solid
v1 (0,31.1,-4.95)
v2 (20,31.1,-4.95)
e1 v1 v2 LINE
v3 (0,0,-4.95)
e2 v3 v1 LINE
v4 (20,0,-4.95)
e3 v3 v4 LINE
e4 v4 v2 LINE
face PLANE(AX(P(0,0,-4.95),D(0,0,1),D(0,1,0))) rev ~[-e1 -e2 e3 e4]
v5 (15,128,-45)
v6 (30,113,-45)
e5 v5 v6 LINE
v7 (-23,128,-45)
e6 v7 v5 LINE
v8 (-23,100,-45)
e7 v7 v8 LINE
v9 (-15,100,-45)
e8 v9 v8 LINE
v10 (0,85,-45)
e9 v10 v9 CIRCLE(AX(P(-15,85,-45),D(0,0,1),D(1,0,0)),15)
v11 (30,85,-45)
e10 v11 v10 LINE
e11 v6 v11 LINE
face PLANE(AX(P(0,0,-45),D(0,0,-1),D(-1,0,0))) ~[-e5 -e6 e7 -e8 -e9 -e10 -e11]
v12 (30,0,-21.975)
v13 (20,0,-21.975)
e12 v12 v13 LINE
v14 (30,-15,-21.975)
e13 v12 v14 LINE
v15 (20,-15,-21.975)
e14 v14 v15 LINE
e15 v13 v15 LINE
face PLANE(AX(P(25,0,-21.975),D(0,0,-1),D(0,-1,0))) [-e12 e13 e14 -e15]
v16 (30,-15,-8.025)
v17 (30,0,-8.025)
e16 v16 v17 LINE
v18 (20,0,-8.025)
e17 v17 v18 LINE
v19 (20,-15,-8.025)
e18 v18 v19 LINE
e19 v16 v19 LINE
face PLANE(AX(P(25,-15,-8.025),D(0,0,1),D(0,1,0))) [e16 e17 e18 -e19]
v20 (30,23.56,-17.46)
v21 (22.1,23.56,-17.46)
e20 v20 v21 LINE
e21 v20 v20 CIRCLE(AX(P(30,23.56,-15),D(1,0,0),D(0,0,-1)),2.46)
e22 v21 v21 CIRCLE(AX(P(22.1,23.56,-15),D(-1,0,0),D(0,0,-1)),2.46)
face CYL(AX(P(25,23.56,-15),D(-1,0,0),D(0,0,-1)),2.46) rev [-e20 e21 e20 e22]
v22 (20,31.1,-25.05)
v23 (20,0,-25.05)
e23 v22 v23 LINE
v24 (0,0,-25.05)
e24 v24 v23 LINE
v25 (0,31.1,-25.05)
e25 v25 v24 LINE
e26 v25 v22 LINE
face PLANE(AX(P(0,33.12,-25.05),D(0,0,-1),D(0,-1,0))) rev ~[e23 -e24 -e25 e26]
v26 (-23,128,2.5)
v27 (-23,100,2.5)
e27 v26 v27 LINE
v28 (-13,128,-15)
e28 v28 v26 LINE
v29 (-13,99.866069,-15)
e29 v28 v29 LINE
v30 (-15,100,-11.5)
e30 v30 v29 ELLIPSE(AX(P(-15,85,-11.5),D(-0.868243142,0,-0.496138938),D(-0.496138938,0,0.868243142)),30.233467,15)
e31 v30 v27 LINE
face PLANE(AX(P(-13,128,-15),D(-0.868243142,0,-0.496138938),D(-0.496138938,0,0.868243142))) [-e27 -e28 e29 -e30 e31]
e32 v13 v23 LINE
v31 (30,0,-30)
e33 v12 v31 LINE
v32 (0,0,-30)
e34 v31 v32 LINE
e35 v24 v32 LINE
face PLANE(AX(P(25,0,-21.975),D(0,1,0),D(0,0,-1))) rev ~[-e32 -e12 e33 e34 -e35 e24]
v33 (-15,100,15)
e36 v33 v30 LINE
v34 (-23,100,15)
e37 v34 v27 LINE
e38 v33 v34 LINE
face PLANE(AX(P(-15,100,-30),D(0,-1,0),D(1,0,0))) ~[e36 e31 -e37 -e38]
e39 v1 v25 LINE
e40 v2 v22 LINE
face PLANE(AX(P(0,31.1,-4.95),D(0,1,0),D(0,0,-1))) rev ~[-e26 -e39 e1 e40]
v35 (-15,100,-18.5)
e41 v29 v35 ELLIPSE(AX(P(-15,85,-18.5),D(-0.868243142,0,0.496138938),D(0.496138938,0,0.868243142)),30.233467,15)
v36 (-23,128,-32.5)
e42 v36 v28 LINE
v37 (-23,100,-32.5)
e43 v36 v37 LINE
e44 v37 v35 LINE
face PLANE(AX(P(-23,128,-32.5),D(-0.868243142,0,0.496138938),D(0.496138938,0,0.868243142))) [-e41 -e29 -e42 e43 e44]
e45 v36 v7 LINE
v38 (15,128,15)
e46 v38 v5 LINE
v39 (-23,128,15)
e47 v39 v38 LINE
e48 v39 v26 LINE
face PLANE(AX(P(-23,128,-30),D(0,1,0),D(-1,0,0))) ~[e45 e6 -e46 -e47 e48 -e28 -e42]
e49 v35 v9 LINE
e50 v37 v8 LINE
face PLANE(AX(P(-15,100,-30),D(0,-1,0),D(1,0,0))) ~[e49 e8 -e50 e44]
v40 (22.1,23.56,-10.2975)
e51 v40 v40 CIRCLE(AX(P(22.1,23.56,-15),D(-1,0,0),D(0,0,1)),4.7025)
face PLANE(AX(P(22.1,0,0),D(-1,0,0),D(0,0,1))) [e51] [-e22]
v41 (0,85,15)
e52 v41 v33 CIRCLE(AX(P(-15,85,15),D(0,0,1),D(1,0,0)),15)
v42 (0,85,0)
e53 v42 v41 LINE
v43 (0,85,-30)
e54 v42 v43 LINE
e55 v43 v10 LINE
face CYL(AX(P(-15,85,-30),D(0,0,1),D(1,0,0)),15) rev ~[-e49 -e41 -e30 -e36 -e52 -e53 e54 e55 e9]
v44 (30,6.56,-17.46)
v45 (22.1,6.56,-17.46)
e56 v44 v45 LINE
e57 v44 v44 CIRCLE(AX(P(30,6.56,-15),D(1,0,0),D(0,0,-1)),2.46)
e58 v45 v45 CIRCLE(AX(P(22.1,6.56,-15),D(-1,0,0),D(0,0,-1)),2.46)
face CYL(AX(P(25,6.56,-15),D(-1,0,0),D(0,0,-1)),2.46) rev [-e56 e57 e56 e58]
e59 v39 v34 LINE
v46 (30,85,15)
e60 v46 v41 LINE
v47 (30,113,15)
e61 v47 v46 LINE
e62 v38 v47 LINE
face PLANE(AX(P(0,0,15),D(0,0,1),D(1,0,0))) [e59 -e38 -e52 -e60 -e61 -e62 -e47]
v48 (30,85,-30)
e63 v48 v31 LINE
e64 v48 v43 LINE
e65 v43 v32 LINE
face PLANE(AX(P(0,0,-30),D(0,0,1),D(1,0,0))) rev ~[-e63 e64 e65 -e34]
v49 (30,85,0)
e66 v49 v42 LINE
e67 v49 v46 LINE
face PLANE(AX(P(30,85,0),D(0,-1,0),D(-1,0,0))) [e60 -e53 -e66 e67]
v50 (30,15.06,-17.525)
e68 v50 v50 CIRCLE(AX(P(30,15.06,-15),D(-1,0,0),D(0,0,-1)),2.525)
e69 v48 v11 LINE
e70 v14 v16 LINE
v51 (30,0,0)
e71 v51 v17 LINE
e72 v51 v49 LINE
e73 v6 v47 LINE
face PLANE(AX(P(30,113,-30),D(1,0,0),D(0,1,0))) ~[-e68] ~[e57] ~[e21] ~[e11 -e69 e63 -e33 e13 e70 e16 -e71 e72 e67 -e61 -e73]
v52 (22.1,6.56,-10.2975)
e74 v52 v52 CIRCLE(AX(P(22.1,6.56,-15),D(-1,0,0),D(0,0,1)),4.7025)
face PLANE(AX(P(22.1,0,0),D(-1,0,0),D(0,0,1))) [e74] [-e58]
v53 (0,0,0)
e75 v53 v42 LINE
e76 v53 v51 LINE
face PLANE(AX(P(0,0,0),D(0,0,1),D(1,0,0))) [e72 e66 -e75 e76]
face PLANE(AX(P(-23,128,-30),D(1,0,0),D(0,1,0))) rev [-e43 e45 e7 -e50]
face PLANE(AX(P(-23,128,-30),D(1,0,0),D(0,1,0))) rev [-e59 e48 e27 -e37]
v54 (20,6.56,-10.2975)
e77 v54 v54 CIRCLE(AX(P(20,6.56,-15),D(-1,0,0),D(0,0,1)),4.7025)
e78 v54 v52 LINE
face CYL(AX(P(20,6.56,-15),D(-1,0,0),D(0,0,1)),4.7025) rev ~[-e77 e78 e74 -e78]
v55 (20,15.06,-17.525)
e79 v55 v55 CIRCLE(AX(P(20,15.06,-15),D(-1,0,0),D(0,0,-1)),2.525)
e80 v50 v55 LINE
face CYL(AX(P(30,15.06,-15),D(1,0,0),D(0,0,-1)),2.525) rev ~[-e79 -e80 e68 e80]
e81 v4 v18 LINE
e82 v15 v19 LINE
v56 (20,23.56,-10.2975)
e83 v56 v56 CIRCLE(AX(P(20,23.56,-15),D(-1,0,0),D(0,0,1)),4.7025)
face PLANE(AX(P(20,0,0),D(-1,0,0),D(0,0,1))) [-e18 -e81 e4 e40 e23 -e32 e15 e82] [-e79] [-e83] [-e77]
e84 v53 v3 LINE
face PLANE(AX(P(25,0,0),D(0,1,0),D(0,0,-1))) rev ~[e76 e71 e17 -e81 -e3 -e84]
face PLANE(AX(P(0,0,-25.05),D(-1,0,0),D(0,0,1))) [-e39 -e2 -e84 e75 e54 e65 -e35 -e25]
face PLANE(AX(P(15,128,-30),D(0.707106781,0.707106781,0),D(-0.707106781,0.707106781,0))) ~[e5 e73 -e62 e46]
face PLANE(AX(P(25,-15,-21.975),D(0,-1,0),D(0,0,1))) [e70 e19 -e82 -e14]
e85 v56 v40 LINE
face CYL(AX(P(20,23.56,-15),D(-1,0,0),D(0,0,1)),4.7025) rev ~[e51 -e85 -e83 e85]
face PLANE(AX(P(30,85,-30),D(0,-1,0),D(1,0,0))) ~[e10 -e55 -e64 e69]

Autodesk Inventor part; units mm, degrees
ref_plane "YZ Plane" through (0, 0, 0) normal (1, 0, 0) x (0, 1, 0)
ref_plane "XZ Plane" through (0, 0, 0) normal (0, 1, 0) x (-1, 0, 0)
sketch "Sketch1" plane through (0, 0, 0) normal (0, 0, 1) x (1, 0, 0)
  line L0 (0, 0) -> (25, 0)
  line L1 (25, 0) -> (25, 40)
  line L2 (25, 40) -> (0, 40)
  line L3 (0, 40) -> (0, 0)
  dimension "d1" = 25
  dimension "d2" = 40
  dimension "d3" = 25
extrude "Extrusion1" add sketch "Sketch1" against normal blind 30
sketch "Sketch2" plane through (25, 0, 0) normal (1, 0, 0) x (0, 0, -1)
  line L0 (0, 0) -> (30, 0) projected
  circle A0 centre (15, 6.56) radius 2.46
extrude "Extrusion2" cut sketch "Sketch2" against normal blind 30
sketch "Sketch3" plane through (0, 0, 0) normal (-1, 0, 0) x (0, 0, 1)
  line L0 (0, 0) -> (-30, 0) projected
  line L1 (-25.05, 0) -> (-4.95, 0)
  line L2 (-4.95, 0) -> (-4.95, 33.12)
  line L3 (-4.95, 33.12) -> (-25.05, 33.12)
  line L4 (-25.05, 33.12) -> (-25.05, 0)
  dimension "d11" = 20.1
extrude "Extrusion3" cut sketch "Sketch3" against normal blind 20
sketch "Sketch4" plane through (0, 0, 0) normal (0, -1, 0) x (1, 0, 0)
  line L0 (20, -4.95) -> (20, -25.05) projected
  line L1 (20, -15) -> (25, -15)
  line L2 (25, 0) -> (25, -30) projected
  line L3 (20, -8.025) -> (25, -8.025)
  line L4 (25, -8.025) -> (25, -21.975)
  line L5 (25, -21.975) -> (20, -21.975)
  line L6 (20, -21.975) -> (20, -8.025)
  line L7 (20, -8.025) -> (25, -21.975) construction
  line L8 (25, -8.025) -> (20, -21.975) construction
  line L9 (25, -12.54) -> (25, -17.46) projected
  point P0 (0, 0)
  point P1 (22.5, -15)
  dimension "d14" = 13.95
extrude "Extrusion4" add sketch "Sketch4" along normal blind 15
sketch "Sketch5" plane through (20, 0, 0) normal (-1, 0, 0) x (0, 0, 1)
  circle A0 centre (-15, 6.56) radius 2.46 projected
  circle A1 centre (-15, 6.56) radius 4.7025
  circle A2 centre (-15, 6.56) radius 2.46 projected
  circle A3 centre (-15, 6.56) radius 2.46
  point P0 (0, 0)
  dimension "d17" = 9.405
extrude "Extrusion5" cut sketch "Sketch5" against normal blind 2.1
sketch "Sketch6" plane through (25, 0, 0) normal (1, 0, 0) x (0, 0, -1)
  circle A0 centre (15, 6.56) radius 4.7025 projected
  line L0 (15, 6.56) -> (15, 23.56)
  circle A1 centre (15, 23.56) radius 2.46
  point P0 (0, 0)
  dimension "d20" = 17
  dimension "d21" = 4.92
extrude "Extrusion6" cut sketch "Sketch6" against normal blind 10 contours A1
sketch "Sketch7" plane through (20, 0, 0) normal (-1, 0, 0) x (0, 0, 1)
  circle A0 centre (-15, 23.56) radius 2.46 projected
  circle A1 centre (-15, 23.56) radius 4.7025
  point P0 (0, 0)
  dimension "d24" = 9.405
extrude "Extrusion7" cut sketch "Sketch7" against normal blind 2.1
sketch "Sketch9" plane through (25, 0, 0) normal (1, 0, 0) x (0, 0, -1)
  circle A0 centre (15, 6.56) radius 2.46 projected
  circle A1 centre (15, 6.56) radius 2.46
  circle A2 centre (15, 23.56) radius 2.46 projected
  circle A3 centre (15, 23.56) radius 2.46
  line L0 (30, 40) -> (30, 0) projected
  line L1 (30, 0) -> (30, 40)
  line L2 (30, 40) -> (0, 40)
  line L3 (0, 40) -> (0, 0)
  line L4 (0, 0) -> (8.025, 0) projected
  line L5 (21.975, 0) -> (21.975, -15)
  line L6 (21.975, -15) -> (8.025, -15)
  line L7 (8.025, -15) -> (8.025, 0)
  line L8 (0, 0) -> (8.025, 0)
  line L9 (21.975, 0) -> (30, 0)
extrude "Extrusion8" add sketch "Sketch9" along normal blind 5
sketch "Sketch10" plane through (0, 40, 0) normal (0, 1, 0) x (1, 0, 0)
  line L0 (0, 30) -> (30, 30) projected
  line L1 (30, 0) -> (0, 0) projected
  line L2 (0, 30) -> (30, 30)
  line L3 (30, 30) -> (30, 0)
  line L4 (30, 0) -> (0, 0)
  line L5 (0, 0) -> (0, 30)
extrude "Extrusion9" add sketch "Sketch10" along normal blind 30
sketch "Sketch12" plane through (30, 0, 0) normal (1, 0, 0) x (0, 0, -1)
  circle A0 centre (15, 6.56) radius 2.46 projected
  line L0 (15, 6.56) -> (15, 15.06)
  circle A1 centre (15, 15.06) radius 2.525
  point P0 (0, 0)
  dimension "d31" = 8.5
  dimension "d33" = 5.05
extrude "Extrusion10" cut sketch "Sketch12" against normal blind 30 contours A1
sketch "Sketch14" plane through (0, 0, 0) normal (0, 0, 1) x (1, 0, 0)
  line L0 (30, 70) -> (0, 70) projected
  line L1 (0, 70) -> (0, 85)
  line L2 (-15, 100) -> (-23, 100)
  line L3 (30, 0) -> (30, 70) projected
  line L4 (30, 113) -> (30, 70)
  arc A0 (0, 85) -> (-15, 100) centre (-15, 85) ccw
  line L5 (30, 105) -> (30, 100)
  line L6 (-23, 128) -> (15, 128)
  line L7 (30, 113) -> (15, 128)
  line L8 (-23, 128) -> (-23, 100)
  point P0 (0, 0)
  point P1 (0, 100)
  dimension "d47" = 30
  dimension "d54" = 15
  dimension "d69" = 28
extrude "Extrusion12" add sketch "Sketch14" against normal blind 30
sketch "Sketch15" plane through (0, 0, -25.05) normal (-1, 0, 0) x (0, 0, 1)
  line L0 (0, 33.12) -> (20.1, 33.12) projected
  line L1 (20.1, 33.12) -> (20.1, 0) projected
  line L2 (0, 33.12) -> (20.1, 33.12)
  line L3 (20.1, 33.12) -> (20.1, 31.1)
  line L4 (20.1, 31.1) -> (0, 31.1)
  line L5 (0, 31.1) -> (0, 33.12)
  point P0 (25.05, 0)
  dimension "d57" = 2.02
extrude "Extrusion13" add sketch "Sketch15" against normal blind 20
sketch "Sketch20" plane through (0, 0, 0) normal (0, 0, 1) x (1, 0, 0)
  arc A0 (0, 85) -> (-15, 100) centre (-15, 85) ccw projected
  arc A1 (0, 85) -> (-15, 100) centre (-15, 85) ccw
  line L0 (-15, 100) -> (-23, 100) projected
  line L1 (-15, 100) -> (-23, 100)
  line L2 (-23, 128) -> (15, 128) projected
  line L3 (-23, 128) -> (15, 128)
  line L4 (15, 128) -> (30, 113) projected
  line L5 (15, 128) -> (30, 113)
  line L6 (30, 113) -> (30, 85)
  line L7 (30, 0) -> (30, 113) projected
  line L8 (30, 85) -> (0, 85)
  line L9 (-23, 128) -> (-23, 100)
  point P0 (0, 0)
  point P1 (-19, 102)
  point P2 (-15, 114)
  point P3 (-19, 126)
extrude "Extrusion14" add sketch "Sketch20" along normal blind 15
ref_plane "Work Plane1" through (0, 0, -15) normal (0, 0, 1) x (1, 0, 0)
mirror "Mirror1" about plane through (0, 0, -15) normal (0, 0, 1) of "Extrusion14"
sketch "Sketch21" plane through (-23, 128, 15) normal (0, 1, 0) x (1, 0, 0)
  line L0 (0, 0) -> (0, 60) projected
  line L1 (0, 30) -> (0, 12.5)
  line L2 (0, 47.5) -> (0, 30)
  line L3 (0, 47.5) -> (10, 30)
  line L4 (10, 30) -> (0, 12.5)
  point P0 (23, 15)
  dimension "d76" = 17.5
extrude "Extrusion15" cut sketch "Sketch21" against normal through all
properties part number "24mm_x_60mm"
